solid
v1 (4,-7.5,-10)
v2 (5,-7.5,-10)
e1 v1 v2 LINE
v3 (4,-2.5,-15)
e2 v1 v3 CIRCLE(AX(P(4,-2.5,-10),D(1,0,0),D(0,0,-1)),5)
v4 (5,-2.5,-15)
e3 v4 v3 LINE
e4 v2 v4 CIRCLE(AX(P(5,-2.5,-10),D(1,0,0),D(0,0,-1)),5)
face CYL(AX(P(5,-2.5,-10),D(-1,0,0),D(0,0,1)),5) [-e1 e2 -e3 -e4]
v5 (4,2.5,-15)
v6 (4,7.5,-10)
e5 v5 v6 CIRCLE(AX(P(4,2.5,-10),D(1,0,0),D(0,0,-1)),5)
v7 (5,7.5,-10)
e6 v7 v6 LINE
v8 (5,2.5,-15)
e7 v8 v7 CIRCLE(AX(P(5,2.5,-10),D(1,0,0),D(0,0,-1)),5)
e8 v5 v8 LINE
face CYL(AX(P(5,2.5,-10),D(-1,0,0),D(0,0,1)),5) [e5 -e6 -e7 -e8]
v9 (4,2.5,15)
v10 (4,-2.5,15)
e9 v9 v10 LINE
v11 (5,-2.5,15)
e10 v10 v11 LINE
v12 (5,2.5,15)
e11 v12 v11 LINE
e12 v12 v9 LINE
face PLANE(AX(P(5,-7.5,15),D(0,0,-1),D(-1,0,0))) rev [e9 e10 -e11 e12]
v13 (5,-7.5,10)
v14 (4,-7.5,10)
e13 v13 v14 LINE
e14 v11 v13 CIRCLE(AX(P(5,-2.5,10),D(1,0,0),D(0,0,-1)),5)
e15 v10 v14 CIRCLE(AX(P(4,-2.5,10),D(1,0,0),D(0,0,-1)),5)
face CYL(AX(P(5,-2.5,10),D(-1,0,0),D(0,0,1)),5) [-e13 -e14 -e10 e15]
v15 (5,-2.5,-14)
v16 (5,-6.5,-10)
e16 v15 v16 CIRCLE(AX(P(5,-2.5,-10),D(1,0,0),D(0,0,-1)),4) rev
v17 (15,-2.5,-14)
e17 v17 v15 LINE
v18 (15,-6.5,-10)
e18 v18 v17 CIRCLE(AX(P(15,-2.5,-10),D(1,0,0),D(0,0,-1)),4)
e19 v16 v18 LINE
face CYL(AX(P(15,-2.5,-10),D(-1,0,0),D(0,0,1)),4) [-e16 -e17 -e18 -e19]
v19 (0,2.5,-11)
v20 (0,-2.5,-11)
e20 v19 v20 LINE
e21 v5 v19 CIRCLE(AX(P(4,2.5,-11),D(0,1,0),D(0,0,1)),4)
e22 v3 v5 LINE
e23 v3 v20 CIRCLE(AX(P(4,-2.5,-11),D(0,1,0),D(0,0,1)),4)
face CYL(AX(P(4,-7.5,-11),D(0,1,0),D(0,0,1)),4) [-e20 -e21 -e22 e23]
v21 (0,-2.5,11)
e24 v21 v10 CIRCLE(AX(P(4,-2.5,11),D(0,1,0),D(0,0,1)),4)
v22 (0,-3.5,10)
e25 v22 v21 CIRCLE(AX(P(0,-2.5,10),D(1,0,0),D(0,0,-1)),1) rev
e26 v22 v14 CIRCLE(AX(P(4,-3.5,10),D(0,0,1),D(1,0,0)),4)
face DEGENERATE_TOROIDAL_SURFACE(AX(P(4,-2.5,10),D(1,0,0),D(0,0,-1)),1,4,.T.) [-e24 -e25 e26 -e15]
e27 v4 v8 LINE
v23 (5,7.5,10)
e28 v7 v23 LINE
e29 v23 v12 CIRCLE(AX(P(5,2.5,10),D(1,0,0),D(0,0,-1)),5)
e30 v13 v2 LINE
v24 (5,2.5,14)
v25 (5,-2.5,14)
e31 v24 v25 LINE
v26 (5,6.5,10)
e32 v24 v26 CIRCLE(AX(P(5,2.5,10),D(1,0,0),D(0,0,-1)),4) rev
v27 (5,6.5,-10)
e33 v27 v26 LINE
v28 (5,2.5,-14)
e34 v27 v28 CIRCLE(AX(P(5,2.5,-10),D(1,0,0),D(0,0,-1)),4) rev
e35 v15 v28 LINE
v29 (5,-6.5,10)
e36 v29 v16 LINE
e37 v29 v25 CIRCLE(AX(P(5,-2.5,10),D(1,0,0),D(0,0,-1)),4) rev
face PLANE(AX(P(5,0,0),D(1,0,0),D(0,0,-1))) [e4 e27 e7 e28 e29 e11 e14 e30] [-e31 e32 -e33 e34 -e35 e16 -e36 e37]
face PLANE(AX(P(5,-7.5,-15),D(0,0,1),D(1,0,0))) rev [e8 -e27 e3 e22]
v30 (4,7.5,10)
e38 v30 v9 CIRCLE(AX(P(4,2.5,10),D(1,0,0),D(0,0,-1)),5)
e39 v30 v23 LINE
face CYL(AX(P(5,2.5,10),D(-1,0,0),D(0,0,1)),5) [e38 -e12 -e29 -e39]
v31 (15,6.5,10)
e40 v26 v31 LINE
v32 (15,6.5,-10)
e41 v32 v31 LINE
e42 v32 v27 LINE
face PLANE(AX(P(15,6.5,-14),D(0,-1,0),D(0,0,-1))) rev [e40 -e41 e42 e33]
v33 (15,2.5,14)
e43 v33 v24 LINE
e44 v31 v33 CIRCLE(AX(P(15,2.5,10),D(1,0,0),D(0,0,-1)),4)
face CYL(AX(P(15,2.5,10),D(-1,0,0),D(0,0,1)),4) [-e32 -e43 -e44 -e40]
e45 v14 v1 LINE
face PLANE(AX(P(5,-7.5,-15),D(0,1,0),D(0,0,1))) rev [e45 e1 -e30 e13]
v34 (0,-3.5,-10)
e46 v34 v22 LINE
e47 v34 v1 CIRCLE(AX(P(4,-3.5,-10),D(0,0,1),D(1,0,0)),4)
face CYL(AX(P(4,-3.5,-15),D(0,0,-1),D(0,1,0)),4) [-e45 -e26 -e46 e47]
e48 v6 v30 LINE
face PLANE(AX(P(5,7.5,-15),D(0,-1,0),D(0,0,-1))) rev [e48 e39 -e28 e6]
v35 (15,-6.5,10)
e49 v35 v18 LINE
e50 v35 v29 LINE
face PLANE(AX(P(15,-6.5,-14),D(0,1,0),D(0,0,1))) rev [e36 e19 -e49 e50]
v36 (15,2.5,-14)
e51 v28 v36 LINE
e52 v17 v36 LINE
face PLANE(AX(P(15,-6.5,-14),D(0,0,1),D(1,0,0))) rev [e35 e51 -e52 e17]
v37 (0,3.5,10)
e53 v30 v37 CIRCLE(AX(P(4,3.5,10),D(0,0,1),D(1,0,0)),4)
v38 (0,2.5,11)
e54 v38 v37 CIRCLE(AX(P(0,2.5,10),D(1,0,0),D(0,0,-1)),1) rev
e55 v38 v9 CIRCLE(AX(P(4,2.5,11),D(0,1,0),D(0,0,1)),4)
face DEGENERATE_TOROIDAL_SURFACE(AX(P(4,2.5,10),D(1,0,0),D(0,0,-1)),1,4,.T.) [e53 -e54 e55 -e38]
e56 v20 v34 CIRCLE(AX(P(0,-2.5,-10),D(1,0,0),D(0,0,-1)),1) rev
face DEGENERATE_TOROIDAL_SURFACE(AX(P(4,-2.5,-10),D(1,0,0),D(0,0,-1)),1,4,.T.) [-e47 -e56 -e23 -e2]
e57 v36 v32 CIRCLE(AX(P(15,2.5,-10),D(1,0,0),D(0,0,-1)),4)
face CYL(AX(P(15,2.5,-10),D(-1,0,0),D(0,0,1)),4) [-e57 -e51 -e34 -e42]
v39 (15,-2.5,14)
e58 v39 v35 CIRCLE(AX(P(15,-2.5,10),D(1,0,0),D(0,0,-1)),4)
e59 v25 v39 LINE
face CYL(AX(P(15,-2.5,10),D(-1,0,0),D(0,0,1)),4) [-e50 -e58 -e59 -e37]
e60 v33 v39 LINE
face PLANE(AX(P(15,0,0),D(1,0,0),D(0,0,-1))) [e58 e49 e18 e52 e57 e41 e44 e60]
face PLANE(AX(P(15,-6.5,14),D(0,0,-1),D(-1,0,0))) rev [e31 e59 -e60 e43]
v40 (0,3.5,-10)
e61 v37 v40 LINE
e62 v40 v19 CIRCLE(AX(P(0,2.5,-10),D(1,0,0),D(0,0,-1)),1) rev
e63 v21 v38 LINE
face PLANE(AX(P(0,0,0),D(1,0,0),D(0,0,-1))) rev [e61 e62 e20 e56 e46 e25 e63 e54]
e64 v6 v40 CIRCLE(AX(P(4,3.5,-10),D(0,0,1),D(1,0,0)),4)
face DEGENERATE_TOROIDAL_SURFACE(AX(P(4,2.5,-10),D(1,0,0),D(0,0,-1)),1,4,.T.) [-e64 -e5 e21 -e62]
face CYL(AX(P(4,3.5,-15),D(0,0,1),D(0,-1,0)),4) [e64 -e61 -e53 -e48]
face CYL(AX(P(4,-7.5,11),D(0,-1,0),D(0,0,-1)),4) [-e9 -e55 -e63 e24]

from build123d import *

# Parameters (mm, degrees)
SKETCH_1_W      = 30
SKETCH_1_H      = 15
EXTRUDE_1_DEPTH = 5
SKETCH_2_W      = 28
SKETCH_2_H      = 13
EXTRUDE_2_DEPTH = 10
FILLET_2_R      = 4
FILLET_1_R      = 5
FILLET_3_R      = 4


with BuildPart() as part:
    # Эскиз1 → Бобышка-Вытянуть1 (new body)
    with BuildSketch(Plane(origin=(0, 0, 0), x_dir=(0, 0, -1), z_dir=(1, 0, 0))):
        Rectangle(SKETCH_1_W, SKETCH_1_H)
    extrude(amount=EXTRUDE_1_DEPTH)

    # Эскиз2 → Бобышка-Вытянуть2 (add)
    with BuildSketch(Plane(origin=(5, 0, 0), x_dir=(0, 0, -1), z_dir=(1, 0, 0))):
        Rectangle(SKETCH_2_W, SKETCH_2_H)
    extrude(amount=EXTRUDE_2_DEPTH)

    # Скругление2
    fillet_2_edges = [part.edges().sort_by_distance(p)[0] for p in [
        (10, 6.5, 14),
        (10, -6.5, 14),
        (10, -6.5, -14),
        (10, 6.5, -14),
    ]]
    fillet(fillet_2_edges, radius=FILLET_2_R)

    # Скругление1
    fillet_1_edges = [part.edges().sort_by_distance(p)[0] for p in [
        (2.5, 7.5, 15),
        (2.5, 7.5, -15),
        (2.5, -7.5, -15),
        (2.5, -7.5, 15),
    ]]
    fillet(fillet_1_edges, radius=FILLET_1_R)

    # Скругление3
    fillet_3_edges = [part.edges().sort_by_distance(p)[0] for p in [
        (0, 7.5, 0),
        (0, 0, 15),
        (0, 0, -15),
        (0, -7.5, 0),
        (0, 6.035533906, 13.535533906),
        (0, -6.035533906, 13.535533906),
        (0, -6.035533906, -13.535533906),
        (0, 6.035533906, -13.535533906),
    ]]
    fillet(fillet_3_edges, radius=FILLET_3_R)


solid = part.part
